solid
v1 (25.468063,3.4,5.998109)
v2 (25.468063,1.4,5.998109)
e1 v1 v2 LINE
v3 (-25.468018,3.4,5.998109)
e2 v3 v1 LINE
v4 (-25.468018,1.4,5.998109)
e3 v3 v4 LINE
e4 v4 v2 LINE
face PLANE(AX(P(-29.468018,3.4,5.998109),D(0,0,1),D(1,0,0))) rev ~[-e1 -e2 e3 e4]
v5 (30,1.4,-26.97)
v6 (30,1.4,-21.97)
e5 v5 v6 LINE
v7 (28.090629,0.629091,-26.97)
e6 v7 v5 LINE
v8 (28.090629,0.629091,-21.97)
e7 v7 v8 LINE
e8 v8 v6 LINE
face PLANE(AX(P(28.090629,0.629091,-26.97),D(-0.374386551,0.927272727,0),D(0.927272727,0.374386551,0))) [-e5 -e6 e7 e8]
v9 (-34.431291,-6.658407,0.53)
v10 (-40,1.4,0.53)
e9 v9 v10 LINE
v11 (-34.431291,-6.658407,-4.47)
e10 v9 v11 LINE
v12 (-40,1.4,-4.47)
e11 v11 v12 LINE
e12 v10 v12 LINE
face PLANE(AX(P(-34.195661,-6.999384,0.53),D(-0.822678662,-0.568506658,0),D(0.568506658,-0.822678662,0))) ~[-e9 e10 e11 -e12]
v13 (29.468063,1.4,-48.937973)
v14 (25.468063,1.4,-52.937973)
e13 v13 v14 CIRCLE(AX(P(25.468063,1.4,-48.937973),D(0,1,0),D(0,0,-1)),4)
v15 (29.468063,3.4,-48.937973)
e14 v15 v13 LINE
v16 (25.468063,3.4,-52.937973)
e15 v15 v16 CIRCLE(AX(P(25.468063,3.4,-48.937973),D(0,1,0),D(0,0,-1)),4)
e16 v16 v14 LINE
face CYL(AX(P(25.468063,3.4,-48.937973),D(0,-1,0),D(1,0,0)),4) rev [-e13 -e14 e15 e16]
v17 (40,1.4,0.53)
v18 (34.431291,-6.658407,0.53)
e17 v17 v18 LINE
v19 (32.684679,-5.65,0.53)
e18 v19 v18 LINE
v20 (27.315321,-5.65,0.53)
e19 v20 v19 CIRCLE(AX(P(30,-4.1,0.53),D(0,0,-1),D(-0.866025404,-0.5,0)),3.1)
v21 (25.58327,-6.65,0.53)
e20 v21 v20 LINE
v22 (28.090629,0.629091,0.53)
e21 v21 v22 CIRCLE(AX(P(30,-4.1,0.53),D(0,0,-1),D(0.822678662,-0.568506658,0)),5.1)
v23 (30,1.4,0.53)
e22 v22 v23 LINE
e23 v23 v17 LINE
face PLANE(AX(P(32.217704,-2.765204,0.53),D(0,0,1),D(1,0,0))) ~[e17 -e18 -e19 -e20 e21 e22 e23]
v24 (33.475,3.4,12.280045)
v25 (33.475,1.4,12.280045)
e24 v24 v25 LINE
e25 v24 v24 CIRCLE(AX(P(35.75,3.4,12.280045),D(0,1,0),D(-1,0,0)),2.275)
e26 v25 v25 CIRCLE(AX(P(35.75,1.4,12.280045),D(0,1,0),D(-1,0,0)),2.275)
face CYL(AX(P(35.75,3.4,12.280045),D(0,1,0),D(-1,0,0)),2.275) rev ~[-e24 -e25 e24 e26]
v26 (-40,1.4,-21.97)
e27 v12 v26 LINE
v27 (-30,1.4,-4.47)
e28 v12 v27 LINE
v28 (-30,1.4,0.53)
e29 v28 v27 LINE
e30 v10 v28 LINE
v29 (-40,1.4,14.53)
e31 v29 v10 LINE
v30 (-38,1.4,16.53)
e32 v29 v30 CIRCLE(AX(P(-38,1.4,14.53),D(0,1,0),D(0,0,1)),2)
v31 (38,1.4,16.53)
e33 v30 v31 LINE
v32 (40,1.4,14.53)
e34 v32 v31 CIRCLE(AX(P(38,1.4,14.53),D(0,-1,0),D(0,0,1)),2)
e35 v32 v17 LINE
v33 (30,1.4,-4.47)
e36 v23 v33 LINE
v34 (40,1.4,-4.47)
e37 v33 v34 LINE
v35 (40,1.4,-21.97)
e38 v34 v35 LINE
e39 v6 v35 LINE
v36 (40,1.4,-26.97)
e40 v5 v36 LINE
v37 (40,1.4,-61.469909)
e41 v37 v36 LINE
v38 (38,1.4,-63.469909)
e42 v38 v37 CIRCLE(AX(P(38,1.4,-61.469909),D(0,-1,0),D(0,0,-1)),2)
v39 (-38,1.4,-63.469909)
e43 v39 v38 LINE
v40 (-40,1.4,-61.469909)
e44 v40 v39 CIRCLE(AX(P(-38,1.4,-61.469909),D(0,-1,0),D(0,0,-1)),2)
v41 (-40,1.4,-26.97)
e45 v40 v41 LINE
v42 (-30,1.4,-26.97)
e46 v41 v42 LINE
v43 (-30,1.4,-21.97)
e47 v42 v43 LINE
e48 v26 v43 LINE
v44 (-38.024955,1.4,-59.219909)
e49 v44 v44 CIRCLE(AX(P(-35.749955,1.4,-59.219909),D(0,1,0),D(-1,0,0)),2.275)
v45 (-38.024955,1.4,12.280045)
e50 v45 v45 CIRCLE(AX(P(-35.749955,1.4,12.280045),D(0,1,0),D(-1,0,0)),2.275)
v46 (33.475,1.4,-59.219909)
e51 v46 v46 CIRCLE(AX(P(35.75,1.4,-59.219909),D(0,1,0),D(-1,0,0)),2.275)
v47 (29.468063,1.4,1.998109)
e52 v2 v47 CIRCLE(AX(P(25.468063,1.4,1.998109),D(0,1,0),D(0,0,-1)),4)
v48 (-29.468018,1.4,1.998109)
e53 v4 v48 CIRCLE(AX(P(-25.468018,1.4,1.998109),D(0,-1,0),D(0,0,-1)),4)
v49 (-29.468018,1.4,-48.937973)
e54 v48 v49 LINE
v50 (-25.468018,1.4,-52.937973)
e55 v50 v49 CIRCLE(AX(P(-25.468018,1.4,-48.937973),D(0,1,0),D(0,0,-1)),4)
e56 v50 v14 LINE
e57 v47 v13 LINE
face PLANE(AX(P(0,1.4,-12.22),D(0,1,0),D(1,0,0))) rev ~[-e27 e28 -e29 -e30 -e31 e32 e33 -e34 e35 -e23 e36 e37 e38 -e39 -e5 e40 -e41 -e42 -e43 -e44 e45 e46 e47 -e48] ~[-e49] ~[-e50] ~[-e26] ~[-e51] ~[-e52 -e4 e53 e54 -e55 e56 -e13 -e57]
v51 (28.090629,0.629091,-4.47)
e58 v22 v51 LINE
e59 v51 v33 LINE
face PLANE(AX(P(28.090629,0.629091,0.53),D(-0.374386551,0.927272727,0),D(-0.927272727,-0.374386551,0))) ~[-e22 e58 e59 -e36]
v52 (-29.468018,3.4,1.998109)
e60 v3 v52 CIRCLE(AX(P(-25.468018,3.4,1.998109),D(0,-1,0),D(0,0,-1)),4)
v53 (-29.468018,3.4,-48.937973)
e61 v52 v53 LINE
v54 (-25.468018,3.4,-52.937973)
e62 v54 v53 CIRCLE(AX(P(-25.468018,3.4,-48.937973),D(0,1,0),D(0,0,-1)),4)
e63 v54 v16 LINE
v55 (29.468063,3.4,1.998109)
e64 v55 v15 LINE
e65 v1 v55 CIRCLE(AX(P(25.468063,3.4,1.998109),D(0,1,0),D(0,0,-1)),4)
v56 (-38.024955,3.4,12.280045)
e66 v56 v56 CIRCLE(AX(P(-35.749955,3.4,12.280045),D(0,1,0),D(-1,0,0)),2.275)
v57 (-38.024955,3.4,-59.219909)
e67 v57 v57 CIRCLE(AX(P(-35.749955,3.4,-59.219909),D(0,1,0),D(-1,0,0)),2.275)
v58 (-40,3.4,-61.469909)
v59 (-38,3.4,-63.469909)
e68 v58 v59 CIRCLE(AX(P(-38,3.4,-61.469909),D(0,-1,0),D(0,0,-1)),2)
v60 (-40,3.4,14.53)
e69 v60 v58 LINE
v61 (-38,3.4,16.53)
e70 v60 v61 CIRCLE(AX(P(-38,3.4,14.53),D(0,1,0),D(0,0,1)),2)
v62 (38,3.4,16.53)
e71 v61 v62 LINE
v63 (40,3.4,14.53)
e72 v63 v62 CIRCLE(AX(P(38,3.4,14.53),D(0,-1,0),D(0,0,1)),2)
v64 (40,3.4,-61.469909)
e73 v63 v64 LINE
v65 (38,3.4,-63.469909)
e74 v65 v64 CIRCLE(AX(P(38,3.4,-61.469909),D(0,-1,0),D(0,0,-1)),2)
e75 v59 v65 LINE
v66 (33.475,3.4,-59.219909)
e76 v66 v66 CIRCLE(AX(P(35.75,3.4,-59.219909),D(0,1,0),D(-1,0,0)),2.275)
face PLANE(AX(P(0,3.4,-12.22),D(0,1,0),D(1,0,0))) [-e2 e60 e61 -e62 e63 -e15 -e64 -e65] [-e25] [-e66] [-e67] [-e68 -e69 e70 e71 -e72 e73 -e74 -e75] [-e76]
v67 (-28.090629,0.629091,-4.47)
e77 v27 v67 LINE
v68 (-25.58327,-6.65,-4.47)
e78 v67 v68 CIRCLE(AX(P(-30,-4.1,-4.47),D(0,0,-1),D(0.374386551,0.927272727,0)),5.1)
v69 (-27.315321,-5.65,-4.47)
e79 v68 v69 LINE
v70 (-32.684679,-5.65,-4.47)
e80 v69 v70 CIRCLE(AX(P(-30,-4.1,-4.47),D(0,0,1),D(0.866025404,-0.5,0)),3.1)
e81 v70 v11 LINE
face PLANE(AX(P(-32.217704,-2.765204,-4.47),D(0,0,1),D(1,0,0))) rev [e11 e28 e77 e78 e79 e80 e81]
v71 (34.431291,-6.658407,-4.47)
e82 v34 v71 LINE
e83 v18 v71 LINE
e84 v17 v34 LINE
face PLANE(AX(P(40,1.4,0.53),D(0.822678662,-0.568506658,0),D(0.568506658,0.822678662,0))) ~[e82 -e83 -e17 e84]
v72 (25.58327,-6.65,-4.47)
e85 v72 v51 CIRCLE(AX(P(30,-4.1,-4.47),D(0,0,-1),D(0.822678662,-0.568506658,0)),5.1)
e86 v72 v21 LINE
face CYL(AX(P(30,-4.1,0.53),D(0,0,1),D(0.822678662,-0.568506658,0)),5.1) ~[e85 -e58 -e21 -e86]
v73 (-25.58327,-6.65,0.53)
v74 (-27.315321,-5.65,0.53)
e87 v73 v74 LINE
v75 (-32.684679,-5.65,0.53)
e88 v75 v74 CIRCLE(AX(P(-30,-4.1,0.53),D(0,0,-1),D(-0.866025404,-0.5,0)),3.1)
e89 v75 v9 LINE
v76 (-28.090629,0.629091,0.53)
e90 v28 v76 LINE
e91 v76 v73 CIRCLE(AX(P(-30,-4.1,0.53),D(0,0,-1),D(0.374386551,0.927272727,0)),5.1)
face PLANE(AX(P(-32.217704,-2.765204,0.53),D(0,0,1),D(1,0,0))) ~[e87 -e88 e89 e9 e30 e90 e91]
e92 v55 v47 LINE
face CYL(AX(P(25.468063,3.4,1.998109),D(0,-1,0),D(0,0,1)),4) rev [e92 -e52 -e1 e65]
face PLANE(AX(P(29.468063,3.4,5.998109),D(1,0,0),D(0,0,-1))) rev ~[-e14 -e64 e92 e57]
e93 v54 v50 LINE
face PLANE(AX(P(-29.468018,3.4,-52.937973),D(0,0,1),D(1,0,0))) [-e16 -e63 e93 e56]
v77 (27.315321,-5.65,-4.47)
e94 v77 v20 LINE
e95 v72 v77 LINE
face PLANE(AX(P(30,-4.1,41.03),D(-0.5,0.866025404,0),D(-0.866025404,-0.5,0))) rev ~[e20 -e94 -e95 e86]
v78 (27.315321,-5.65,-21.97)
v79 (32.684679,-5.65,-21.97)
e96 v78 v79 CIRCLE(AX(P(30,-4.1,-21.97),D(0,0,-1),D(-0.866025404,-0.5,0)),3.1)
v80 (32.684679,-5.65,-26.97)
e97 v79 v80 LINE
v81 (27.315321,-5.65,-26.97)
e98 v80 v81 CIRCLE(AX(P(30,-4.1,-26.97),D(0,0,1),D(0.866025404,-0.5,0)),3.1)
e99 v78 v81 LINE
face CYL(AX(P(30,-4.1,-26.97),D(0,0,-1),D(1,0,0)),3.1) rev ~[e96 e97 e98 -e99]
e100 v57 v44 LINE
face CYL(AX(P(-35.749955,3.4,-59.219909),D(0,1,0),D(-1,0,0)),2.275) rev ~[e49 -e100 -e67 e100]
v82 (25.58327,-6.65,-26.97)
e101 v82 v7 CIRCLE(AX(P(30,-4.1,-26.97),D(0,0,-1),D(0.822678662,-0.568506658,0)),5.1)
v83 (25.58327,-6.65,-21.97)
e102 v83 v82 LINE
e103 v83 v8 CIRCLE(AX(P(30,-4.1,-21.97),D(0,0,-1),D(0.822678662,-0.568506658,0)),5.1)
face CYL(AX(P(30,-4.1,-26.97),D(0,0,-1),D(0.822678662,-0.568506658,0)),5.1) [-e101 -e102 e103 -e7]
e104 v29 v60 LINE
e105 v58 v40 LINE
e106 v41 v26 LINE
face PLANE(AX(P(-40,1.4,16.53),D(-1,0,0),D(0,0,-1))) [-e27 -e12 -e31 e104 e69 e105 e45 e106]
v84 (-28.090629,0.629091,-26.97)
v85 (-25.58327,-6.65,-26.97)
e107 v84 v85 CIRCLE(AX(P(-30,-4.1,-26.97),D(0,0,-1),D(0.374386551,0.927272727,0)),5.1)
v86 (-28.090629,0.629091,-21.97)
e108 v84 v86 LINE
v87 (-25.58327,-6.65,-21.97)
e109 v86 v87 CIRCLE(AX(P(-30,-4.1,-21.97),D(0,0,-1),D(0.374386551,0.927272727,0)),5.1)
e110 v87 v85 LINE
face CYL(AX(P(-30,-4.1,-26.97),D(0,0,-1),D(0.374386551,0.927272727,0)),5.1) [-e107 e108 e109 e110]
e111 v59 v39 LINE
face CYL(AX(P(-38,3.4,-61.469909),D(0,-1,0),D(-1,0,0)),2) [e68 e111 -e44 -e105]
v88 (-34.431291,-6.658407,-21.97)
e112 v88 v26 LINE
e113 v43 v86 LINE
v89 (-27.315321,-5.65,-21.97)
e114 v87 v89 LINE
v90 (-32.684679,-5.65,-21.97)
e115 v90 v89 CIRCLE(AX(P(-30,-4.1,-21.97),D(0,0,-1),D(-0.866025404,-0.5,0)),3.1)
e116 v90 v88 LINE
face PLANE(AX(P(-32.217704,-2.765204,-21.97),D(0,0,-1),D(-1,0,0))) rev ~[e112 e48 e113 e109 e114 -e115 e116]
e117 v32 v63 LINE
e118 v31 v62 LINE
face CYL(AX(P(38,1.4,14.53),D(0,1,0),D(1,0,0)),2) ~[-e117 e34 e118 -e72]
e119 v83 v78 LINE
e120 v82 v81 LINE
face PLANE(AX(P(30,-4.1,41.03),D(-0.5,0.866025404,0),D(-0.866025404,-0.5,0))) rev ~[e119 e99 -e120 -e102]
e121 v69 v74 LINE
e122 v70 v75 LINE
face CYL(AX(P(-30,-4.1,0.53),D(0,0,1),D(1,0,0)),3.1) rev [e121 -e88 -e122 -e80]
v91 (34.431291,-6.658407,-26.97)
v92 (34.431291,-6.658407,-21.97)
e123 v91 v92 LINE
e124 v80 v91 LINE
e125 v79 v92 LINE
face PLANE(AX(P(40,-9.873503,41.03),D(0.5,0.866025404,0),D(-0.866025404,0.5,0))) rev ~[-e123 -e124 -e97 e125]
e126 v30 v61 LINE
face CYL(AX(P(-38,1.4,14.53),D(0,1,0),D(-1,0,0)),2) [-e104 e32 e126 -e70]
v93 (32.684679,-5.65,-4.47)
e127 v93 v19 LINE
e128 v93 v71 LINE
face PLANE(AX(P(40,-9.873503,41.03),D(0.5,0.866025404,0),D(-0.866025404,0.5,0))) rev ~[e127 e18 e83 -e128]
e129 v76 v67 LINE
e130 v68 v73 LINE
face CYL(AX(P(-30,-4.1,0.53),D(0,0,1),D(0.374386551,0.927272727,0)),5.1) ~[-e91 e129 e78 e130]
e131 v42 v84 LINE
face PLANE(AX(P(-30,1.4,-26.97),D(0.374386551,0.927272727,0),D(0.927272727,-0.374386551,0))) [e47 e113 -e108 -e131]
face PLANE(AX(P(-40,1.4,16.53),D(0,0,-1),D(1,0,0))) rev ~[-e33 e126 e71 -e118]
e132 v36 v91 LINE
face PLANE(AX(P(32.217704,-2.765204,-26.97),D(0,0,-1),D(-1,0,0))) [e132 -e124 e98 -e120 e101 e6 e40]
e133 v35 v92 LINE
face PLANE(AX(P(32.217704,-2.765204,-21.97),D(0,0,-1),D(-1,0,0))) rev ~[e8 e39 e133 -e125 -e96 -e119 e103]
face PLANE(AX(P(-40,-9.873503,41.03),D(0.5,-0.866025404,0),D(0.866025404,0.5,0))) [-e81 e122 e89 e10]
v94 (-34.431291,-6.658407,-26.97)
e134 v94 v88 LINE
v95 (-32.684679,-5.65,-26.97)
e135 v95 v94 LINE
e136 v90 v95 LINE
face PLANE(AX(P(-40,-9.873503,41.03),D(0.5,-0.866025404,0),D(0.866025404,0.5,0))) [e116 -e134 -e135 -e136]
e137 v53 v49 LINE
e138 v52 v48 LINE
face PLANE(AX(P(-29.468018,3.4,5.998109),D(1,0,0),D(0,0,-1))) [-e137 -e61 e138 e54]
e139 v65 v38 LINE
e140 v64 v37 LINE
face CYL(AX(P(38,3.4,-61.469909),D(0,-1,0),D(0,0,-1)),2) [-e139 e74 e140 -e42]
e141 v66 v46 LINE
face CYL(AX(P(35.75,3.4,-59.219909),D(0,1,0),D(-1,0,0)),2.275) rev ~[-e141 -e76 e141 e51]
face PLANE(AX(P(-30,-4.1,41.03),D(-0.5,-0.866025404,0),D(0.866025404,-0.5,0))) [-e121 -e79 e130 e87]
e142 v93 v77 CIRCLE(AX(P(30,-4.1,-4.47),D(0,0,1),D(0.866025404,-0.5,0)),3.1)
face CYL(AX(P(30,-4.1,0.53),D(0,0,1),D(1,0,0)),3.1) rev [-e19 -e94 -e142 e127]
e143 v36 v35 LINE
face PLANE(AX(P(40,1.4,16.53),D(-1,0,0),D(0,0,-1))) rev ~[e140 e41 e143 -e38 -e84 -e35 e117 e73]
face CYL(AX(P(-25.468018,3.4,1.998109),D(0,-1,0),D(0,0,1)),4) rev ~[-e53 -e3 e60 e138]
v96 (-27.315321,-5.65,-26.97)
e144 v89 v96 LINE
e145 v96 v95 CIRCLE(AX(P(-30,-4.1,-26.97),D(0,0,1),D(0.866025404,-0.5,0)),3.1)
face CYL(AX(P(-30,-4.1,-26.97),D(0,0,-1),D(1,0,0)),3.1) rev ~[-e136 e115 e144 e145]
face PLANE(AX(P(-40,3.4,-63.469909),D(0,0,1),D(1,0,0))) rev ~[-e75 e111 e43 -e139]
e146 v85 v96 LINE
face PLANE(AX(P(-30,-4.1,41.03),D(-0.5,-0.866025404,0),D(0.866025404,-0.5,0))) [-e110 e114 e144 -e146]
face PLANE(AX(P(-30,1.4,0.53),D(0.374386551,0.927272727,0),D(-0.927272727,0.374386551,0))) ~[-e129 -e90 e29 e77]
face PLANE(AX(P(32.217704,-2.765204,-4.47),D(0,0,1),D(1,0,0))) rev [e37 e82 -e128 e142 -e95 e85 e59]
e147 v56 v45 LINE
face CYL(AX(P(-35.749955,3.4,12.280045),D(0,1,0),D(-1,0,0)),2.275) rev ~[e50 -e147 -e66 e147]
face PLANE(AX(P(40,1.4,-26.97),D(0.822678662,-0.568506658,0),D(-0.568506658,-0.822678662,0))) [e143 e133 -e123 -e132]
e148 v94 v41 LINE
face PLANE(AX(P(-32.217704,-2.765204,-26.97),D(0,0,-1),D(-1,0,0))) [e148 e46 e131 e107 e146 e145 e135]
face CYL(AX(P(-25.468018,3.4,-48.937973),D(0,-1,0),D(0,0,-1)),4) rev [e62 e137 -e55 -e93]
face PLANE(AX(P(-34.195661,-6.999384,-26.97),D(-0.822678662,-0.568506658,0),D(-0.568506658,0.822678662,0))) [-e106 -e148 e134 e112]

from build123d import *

# Parameters (mm, degrees)
SKETCH1_W               = 80
SKETCH1_H               = 57.5
BOSS_EXTRUDE1_DEPTH     = 8
BOSS_EXTRUDE2_START     = -10
SKETCH3_R               = 3.1
BOSS_EXTRUDE2_DEPTH     = 5
CUT_EXTRUDE1_DEPTH      = 10
CUT_EXTRUDE1_DEPTH_BACK = 63
MOVE_FACE1_BY           = 6
SKETCH5_W               = 80
SKETCH5_H               = 79.999909439
BOSS_EXTRUDE3_DEPTH     = 2
FILLET1_R               = 2
SKETCH6_R               = 2.275
CUT_EXTRUDE2_DEPTH      = 2
SKETCH7_W               = 58.936081431
SKETCH7_H               = 58.936081431
CUT_EXTRUDE3_DEPTH      = 2
FILLET2_R               = 4


with BuildPart() as part:
    # Sketch1 → Boss-Extrude1 (new body)
    with BuildSketch(Plane(origin=(0, 1.4, 0), x_dir=(1, 0, 0), z_dir=(0, 1, 0))):
        with Locations((0, 12.22)):
            Rectangle(SKETCH1_W, SKETCH1_H)
    extrude(amount=BOSS_EXTRUDE1_DEPTH)

    # Sketch3 → Boss-Extrude2 (add)
    # profile 1 of 2: a face of its own
    with BuildSketch(Plane(origin=(0, 0, -36.97), x_dir=(-1, 0, 0), z_dir=(0, 0, -1)).offset(BOSS_EXTRUDE2_START)):
        with BuildLine():
            Line((-30, 1.4), (-40, 1.4))
            Line((-40, 1.4), (-34.195661174, -6.999383953))
            ThreePointArc((-34.195661174, -6.999383953), (-26.018142719, -7.286661669), (-28.090628592, 0.629090909))
            Line((-28.090628592, 0.629090909), (-30, 1.4))
        make_face()
        with Locations((-30, -4.1)):
            Circle(SKETCH3_R, mode=Mode.SUBTRACT)
    # profile 2 of 2: a face of its own
    with BuildSketch(Plane(origin=(0, 0, -36.97), x_dir=(-1, 0, 0), z_dir=(0, 0, -1)).offset(BOSS_EXTRUDE2_START)):
        with BuildLine():
            Line((34.195661174, -6.999383953), (40, 1.4))
            Line((40, 1.4), (30, 1.4))
            Line((30, 1.4), (28.090628592, 0.629090909))
            ThreePointArc((28.090628592, 0.629090909), (26.018142719, -7.286661669), (34.195661174, -6.999383953))
        make_face()
        with Locations((30, -4.1)):
            Circle(SKETCH3_R, mode=Mode.SUBTRACT)
    boss_extrude2 = extrude(amount=-BOSS_EXTRUDE2_DEPTH)

    # Mirror1: Boss-Extrude2 across plane
    add(boss_extrude2.mirror(Plane.XY.offset(-13.22)))

    # Sketch4 → Cut-Extrude1 (cut, two sides: drawn at the far end of the back side and taken through both)
    with BuildSketch(Plane(origin=(0, 0, -21.97), x_dir=(-1, 0, 0), z_dir=(0, 0, -1)).offset(-CUT_EXTRUDE1_DEPTH_BACK)):
        Polygon((-30, -4.1), (-20, -9.873502692), (-40, -9.873502692), align=None)
        Polygon((20, -9.873502692), (40, -9.873502692), (30, -4.1), align=None)
    extrude(amount=CUT_EXTRUDE1_DEPTH + CUT_EXTRUDE1_DEPTH_BACK, mode=Mode.SUBTRACT)

    # Move Face1: a face moved inward by 6.0
    extrude(part.faces().sort_by_distance((0, 9.4, -12.22))[0], amount=MOVE_FACE1_BY, dir=(0, -1, 0), mode=Mode.SUBTRACT)

    # Sketch5 → Boss-Extrude3 (add)
    with BuildSketch(Plane(origin=(0, 3.4, 0), x_dir=(1, 0, 0), z_dir=(0, 1, 0))):
        with Locations((0, 23.46995472)):
            Rectangle(SKETCH5_W, SKETCH5_H)
    extrude(amount=-BOSS_EXTRUDE3_DEPTH)

    # Fillet1
    fillet1_edges = [part.edges().sort_by_distance(p)[0] for p in [
        (-40, 2.4, 16.53),
        (40, 2.4, 16.53),
        (-40, 2.4, -63.469909439),
        (40, 2.4, -63.469909439),
    ]]
    fillet(fillet1_edges, radius=FILLET1_R)

    # Sketch6 → Cut-Extrude2 (cut)
    with BuildSketch(Plane(origin=(0, 3.4, 0), x_dir=(1, 0, 0), z_dir=(0, 1, 0))):
        with Locations((35.75, 59.219909439)):
            Circle(SKETCH6_R)
        with Locations((35.75, -12.280045281)):
            Circle(SKETCH6_R)
        with Locations((-35.74995472, 59.219909439)):
            Circle(SKETCH6_R)
        with Locations((-35.74995472, -12.280045281)):
            Circle(SKETCH6_R)
    extrude(amount=-CUT_EXTRUDE2_DEPTH, mode=Mode.SUBTRACT)

    # Sketch7 → Cut-Extrude3 (cut)
    with BuildSketch(Plane(origin=(0, 3.4, 0), x_dir=(1, 0, 0), z_dir=(0, 1, 0))):
        with Locations((2.264e-05, 23.469932079)):
            Rectangle(SKETCH7_W, SKETCH7_H)
    extrude(amount=-CUT_EXTRUDE3_DEPTH, mode=Mode.SUBTRACT)

    # Fillet2
    fillet2_edges = [part.edges().sort_by_distance(p)[0] for p in [
        (29.468063356, 2.4, -52.937972794),
        (29.468063356, 2.4, 5.998108637),
        (-29.468018075, 2.4, 5.998108637),
        (-29.468018075, 2.4, -52.937972794),
    ]]
    fillet(fillet2_edges, radius=FILLET2_R)


solid = part.part
